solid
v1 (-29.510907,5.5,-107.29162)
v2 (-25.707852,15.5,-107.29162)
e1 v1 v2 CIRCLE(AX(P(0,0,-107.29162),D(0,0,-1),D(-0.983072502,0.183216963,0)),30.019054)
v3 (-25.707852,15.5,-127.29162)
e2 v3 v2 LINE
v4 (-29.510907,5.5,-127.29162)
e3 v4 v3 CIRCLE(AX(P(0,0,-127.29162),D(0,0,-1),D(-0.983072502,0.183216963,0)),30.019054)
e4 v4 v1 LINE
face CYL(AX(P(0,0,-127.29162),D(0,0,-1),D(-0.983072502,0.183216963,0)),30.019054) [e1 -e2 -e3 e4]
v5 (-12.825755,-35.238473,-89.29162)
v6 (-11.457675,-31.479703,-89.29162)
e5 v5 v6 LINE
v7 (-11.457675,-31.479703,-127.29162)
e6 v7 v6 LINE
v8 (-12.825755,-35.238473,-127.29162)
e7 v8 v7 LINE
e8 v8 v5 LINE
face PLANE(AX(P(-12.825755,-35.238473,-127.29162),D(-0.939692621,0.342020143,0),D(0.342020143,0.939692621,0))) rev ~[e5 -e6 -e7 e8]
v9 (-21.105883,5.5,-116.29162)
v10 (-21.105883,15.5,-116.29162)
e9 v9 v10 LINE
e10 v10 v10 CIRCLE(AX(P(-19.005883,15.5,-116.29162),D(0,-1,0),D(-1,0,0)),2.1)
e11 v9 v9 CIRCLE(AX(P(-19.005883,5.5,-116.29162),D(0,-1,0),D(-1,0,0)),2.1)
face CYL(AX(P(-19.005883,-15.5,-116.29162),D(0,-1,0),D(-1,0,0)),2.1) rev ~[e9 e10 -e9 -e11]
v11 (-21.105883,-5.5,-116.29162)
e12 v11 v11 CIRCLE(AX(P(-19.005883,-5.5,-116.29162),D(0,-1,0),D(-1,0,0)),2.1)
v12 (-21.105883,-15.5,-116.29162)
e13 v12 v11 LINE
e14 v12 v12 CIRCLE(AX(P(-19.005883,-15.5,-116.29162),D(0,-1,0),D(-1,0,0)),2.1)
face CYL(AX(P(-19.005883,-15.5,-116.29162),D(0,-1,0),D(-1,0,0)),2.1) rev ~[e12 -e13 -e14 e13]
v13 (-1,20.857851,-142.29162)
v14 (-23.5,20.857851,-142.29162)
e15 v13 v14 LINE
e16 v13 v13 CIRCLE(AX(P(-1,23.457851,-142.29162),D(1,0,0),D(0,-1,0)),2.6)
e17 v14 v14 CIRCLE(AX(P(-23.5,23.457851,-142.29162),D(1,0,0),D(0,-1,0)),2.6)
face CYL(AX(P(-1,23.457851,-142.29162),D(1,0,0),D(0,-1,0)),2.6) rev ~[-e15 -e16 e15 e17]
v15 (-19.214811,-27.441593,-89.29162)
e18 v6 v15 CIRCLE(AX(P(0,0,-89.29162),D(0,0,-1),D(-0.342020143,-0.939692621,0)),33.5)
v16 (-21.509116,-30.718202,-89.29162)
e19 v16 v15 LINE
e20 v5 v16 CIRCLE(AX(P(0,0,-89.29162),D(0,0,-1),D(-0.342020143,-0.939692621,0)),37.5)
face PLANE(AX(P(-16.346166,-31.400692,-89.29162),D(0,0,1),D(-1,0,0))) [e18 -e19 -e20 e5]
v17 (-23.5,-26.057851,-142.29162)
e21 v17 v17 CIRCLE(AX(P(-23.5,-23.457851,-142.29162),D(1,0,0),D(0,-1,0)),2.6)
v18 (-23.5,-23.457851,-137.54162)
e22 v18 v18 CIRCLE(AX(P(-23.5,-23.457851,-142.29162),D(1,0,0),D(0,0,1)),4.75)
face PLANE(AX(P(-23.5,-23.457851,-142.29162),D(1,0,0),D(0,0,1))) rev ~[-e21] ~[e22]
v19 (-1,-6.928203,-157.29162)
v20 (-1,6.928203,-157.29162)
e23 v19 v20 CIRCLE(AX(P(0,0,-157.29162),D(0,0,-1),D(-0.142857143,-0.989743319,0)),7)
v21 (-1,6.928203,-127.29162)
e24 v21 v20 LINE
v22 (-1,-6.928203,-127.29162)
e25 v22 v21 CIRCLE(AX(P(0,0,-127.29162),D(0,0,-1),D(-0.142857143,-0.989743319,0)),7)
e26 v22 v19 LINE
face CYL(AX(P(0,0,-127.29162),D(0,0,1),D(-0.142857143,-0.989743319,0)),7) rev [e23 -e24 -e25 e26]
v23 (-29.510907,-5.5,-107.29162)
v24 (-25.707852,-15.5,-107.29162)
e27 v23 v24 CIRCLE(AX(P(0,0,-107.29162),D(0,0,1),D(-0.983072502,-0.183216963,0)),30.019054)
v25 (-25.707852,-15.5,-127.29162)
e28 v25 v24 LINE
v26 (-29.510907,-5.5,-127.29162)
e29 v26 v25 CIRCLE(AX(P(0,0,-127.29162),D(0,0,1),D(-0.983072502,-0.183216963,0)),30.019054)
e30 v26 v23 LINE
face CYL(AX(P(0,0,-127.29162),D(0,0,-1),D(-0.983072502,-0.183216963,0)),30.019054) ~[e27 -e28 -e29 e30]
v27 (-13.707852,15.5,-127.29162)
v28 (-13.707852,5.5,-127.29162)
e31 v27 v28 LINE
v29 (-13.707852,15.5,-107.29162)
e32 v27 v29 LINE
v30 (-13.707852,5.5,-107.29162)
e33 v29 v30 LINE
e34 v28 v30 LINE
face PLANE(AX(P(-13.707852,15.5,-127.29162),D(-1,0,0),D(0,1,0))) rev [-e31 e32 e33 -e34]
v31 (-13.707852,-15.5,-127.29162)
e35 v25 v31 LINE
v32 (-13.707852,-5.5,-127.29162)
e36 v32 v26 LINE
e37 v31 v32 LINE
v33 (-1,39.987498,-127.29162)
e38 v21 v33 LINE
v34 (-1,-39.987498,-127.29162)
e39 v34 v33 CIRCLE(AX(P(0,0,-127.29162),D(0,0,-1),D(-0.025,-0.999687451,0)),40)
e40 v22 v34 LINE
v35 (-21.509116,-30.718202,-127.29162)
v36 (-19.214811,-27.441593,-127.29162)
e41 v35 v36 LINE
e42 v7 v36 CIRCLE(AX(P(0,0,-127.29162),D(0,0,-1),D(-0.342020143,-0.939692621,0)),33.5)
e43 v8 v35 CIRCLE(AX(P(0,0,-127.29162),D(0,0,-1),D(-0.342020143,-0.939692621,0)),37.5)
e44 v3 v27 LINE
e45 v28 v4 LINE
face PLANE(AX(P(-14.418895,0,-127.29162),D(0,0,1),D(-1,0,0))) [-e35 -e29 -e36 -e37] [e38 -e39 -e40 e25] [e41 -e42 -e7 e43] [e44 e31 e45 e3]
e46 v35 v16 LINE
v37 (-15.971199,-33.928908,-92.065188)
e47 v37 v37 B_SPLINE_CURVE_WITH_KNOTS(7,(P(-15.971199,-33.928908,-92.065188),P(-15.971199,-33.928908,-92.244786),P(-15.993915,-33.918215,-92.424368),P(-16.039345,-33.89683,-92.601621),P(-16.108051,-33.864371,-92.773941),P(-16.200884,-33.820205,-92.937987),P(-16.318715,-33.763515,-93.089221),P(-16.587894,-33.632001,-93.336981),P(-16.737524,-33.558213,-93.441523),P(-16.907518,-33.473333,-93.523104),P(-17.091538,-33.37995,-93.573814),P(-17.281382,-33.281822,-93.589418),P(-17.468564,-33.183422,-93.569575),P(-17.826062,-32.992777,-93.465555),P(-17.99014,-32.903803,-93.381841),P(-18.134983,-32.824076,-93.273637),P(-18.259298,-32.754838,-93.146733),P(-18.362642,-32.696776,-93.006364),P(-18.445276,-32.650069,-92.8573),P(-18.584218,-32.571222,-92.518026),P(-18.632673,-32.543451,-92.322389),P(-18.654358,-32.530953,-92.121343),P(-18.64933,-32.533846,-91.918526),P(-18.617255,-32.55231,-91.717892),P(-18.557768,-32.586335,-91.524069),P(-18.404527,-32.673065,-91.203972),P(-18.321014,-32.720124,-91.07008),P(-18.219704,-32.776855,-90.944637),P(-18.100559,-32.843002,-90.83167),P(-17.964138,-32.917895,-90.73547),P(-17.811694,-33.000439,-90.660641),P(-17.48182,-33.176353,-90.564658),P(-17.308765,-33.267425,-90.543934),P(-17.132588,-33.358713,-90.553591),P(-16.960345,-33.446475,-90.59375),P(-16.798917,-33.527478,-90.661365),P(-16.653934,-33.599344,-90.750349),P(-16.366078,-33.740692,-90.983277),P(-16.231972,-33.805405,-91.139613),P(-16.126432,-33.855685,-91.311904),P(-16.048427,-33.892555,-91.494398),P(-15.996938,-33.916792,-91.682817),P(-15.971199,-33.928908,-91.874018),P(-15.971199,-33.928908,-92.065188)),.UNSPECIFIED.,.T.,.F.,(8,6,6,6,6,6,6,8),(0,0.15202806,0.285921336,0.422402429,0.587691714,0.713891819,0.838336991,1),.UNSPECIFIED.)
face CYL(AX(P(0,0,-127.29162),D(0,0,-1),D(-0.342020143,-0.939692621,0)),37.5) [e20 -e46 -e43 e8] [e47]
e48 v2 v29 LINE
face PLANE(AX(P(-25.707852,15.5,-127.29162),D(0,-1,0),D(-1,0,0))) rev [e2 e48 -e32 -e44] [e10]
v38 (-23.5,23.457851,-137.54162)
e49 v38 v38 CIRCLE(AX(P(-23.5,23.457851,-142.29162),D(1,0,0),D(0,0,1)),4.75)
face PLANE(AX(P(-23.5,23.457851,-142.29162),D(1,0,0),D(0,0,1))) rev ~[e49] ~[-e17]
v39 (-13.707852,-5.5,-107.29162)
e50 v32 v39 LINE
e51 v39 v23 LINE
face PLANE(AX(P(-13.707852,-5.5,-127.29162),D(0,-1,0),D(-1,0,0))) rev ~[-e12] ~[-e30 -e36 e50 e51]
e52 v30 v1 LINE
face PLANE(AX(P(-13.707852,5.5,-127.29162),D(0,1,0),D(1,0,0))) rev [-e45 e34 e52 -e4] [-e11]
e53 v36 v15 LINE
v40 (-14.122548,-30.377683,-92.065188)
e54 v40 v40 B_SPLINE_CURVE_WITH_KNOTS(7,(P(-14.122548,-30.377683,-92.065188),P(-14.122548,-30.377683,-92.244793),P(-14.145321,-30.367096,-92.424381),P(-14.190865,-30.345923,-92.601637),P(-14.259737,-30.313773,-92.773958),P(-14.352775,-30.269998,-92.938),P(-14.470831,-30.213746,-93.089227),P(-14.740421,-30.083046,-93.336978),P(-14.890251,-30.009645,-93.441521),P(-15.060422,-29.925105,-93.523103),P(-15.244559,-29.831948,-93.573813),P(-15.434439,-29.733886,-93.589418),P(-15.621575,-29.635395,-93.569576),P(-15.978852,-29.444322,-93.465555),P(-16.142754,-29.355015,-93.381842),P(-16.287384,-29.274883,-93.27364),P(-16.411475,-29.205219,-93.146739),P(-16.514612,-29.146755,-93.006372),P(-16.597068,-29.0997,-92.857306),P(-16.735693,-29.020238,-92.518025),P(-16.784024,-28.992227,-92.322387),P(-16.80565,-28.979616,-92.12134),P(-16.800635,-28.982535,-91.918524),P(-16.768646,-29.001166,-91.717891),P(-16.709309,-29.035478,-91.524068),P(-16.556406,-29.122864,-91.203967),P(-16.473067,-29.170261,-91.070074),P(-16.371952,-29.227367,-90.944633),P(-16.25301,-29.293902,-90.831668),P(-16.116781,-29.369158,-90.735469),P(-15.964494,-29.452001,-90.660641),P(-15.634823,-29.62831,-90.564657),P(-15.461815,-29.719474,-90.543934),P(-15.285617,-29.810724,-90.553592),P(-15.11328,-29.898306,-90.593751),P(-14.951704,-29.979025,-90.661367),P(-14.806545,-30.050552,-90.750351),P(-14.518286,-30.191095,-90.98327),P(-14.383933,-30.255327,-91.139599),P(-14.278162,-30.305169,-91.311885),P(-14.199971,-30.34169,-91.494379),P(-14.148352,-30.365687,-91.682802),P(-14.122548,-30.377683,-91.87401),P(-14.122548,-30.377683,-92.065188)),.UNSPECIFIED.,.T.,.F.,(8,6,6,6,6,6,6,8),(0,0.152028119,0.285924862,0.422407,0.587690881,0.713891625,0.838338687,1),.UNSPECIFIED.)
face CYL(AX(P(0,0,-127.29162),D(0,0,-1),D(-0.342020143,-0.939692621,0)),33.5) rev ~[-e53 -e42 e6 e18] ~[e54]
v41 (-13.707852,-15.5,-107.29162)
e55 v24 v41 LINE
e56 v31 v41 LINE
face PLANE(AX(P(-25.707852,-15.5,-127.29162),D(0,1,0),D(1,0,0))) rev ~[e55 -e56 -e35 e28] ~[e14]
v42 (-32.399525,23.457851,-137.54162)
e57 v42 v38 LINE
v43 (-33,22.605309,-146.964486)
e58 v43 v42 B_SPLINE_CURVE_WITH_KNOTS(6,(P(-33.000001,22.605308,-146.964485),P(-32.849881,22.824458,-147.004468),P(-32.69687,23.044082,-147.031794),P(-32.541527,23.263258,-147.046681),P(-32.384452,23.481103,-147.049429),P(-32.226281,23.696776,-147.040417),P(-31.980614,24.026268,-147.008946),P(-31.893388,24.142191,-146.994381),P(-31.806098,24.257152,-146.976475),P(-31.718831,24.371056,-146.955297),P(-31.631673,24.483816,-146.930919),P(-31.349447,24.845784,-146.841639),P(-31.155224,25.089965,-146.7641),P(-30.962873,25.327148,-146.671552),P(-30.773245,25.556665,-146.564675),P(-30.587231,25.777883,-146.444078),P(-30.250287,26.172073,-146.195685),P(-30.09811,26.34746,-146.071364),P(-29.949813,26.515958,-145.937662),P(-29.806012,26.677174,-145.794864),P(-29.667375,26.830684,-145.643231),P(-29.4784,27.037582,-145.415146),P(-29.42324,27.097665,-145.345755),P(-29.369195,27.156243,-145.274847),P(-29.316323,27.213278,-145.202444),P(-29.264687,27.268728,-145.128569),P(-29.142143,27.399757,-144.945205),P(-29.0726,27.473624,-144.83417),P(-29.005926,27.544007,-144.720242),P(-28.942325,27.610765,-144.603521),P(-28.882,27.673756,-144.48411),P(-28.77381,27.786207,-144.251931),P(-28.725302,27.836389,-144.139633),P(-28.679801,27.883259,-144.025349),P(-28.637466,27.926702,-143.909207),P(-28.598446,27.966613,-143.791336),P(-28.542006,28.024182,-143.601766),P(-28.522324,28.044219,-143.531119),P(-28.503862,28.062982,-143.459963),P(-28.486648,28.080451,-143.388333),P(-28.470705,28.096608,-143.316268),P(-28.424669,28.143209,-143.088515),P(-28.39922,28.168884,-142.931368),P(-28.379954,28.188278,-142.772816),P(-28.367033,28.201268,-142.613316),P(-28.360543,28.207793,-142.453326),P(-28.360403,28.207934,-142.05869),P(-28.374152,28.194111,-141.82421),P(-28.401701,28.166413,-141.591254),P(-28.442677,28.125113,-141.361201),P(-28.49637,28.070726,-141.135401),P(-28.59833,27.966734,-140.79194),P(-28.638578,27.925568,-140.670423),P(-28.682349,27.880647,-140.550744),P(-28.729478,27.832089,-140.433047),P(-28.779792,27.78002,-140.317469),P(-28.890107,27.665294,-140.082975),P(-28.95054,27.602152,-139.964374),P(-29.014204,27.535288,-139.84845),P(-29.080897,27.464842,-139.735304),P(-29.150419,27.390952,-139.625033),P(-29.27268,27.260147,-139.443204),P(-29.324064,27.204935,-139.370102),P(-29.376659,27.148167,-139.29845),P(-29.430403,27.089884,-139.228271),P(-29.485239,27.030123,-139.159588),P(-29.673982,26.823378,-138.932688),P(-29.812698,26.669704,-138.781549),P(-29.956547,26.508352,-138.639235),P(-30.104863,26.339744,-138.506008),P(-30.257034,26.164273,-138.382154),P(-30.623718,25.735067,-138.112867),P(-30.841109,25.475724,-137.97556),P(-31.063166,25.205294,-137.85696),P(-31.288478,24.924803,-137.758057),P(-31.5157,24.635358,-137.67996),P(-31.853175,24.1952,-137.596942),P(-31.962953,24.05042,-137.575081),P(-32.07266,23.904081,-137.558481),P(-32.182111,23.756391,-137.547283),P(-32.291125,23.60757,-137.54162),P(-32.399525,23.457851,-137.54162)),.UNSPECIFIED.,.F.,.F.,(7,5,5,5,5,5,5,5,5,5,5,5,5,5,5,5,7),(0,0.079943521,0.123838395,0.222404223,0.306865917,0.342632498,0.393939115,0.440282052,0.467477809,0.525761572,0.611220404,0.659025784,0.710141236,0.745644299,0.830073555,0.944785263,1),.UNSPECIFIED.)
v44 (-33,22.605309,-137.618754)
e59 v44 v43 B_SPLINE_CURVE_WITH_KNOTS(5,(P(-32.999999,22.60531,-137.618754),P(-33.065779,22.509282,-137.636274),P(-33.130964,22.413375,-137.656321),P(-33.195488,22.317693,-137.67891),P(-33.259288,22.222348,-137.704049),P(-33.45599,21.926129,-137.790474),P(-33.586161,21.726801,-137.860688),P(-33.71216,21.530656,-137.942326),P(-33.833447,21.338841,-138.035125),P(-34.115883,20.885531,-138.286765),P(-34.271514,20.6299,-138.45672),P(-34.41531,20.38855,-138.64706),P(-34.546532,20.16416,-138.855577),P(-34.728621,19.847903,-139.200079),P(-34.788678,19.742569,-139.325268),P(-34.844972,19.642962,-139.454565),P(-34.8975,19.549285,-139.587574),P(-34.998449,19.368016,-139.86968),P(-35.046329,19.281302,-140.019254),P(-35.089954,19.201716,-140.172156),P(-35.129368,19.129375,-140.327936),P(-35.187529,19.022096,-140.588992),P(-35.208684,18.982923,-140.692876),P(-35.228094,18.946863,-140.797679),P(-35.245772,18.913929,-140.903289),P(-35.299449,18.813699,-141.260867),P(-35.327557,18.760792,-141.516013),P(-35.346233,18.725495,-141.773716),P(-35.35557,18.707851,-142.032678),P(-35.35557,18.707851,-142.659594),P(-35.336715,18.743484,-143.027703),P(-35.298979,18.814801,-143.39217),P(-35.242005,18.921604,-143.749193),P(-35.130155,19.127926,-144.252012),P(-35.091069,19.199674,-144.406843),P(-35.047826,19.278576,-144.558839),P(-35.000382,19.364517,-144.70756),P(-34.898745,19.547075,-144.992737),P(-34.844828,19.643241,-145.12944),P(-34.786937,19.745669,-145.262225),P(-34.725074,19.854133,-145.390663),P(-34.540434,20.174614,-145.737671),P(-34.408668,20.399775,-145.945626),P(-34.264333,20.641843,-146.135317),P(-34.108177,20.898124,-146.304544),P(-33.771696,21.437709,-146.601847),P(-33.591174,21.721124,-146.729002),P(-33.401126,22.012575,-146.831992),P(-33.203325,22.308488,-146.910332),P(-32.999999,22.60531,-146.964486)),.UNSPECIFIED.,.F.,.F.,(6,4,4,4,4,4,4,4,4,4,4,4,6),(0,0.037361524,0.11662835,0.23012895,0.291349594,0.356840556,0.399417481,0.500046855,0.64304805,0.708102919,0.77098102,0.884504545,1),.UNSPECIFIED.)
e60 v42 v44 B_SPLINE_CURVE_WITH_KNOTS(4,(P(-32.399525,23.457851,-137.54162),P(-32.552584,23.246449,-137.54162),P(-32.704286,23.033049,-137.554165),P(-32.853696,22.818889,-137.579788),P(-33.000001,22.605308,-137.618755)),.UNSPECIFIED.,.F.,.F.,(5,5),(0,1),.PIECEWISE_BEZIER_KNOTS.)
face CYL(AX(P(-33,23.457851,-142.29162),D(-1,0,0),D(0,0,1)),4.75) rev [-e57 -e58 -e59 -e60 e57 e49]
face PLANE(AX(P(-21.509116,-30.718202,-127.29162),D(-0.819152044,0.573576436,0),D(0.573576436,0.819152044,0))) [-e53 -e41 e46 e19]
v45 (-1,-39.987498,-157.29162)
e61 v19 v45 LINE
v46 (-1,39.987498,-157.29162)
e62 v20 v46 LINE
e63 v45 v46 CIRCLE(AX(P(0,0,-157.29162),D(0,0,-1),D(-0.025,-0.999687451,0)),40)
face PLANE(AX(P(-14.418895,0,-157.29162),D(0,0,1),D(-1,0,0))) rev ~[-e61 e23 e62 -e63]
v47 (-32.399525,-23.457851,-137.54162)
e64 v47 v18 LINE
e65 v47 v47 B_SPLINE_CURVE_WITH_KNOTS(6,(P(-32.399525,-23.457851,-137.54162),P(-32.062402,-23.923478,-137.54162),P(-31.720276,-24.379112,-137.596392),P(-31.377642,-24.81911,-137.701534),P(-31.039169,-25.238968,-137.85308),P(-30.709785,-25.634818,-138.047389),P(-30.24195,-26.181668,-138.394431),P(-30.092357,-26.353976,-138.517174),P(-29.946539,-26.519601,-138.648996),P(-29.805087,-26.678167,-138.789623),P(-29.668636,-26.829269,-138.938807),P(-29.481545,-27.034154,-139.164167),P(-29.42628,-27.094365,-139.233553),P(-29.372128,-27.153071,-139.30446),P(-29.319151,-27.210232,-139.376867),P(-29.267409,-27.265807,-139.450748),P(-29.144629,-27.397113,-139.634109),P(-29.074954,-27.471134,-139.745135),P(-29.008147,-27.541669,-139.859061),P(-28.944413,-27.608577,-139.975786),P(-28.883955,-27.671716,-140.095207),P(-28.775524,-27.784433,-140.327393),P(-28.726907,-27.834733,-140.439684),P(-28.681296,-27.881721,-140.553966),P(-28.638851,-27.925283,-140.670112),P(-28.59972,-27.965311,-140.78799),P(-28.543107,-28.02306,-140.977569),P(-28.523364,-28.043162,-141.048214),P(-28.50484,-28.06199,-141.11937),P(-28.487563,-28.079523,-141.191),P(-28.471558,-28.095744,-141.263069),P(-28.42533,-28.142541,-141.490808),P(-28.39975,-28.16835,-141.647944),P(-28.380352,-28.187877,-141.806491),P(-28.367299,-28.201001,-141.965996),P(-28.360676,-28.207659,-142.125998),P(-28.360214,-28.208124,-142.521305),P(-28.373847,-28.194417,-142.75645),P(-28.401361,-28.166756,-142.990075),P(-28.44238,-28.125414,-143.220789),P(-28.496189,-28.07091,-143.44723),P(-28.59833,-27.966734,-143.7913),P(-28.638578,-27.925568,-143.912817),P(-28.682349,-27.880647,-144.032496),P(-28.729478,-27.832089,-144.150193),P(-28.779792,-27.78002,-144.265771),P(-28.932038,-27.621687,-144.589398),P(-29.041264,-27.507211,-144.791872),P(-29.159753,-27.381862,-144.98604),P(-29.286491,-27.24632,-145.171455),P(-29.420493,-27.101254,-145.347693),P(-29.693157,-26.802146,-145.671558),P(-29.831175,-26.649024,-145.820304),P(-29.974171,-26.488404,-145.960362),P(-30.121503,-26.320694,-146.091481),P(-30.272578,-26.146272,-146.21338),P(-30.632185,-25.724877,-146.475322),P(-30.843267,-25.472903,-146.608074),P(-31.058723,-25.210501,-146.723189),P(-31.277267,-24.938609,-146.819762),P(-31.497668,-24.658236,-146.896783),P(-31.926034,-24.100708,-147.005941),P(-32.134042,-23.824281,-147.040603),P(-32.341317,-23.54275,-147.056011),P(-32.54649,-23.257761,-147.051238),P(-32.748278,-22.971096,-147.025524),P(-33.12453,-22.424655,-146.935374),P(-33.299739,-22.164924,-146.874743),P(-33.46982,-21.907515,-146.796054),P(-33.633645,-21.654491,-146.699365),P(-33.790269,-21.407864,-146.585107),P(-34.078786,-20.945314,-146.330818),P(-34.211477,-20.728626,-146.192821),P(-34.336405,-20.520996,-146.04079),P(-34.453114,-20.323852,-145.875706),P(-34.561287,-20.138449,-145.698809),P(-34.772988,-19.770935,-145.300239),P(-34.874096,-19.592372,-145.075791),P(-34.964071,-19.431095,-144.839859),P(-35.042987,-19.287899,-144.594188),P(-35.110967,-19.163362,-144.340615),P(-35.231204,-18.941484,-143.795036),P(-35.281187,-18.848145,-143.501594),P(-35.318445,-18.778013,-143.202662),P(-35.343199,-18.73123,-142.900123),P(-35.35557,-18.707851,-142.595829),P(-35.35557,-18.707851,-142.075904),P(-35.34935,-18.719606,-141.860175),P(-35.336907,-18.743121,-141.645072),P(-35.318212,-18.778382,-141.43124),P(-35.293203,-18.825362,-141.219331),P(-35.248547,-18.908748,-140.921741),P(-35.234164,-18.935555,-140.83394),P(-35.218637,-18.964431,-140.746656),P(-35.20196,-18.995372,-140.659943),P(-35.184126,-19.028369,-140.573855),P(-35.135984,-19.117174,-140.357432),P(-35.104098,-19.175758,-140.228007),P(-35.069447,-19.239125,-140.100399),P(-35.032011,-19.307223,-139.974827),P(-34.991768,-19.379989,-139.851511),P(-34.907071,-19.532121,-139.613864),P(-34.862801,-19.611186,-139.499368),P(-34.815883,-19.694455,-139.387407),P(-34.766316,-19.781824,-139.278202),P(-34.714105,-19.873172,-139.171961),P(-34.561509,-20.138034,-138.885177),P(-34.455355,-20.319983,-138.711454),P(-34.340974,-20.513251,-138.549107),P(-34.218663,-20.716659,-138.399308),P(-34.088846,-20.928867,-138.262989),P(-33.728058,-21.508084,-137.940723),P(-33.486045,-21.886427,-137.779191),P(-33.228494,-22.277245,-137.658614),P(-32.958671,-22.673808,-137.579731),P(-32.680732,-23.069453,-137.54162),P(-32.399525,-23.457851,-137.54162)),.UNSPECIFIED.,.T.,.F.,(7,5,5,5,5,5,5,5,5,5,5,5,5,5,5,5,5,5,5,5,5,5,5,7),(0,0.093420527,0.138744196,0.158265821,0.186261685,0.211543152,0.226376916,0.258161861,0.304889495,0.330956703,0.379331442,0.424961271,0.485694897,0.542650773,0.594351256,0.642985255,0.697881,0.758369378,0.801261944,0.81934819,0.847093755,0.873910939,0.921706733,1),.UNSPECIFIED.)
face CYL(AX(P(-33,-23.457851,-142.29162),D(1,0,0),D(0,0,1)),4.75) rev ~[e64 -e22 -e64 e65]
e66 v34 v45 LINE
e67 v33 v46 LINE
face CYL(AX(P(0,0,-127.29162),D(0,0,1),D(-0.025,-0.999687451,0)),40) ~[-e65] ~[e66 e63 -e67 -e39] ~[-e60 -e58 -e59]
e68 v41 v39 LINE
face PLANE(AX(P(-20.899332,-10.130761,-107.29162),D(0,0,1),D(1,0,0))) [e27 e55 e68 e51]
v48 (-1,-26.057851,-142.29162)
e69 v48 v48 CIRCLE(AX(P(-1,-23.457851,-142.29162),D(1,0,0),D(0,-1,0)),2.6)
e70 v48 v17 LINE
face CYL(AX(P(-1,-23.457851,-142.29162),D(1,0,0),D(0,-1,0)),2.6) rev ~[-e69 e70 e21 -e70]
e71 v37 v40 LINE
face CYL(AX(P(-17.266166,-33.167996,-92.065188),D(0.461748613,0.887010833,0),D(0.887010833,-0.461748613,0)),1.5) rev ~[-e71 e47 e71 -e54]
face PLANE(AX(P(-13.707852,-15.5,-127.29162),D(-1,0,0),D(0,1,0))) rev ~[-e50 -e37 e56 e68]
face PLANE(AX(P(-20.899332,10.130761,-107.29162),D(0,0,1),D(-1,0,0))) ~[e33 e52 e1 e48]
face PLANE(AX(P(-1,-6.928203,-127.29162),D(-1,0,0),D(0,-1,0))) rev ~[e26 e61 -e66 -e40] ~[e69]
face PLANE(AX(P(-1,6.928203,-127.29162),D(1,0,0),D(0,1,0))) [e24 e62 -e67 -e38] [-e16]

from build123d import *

# Parameters (mm, degrees)
PAD004_DEPTH    = 30
PAD005_DEPTH    = 20
SKETCH019_R     = 2.1
POCKET007_DEPTH = 55.4884980464
SKETCH020_R     = 2.6
POCKET008_DEPTH = 39.001
SKETCH021_R     = 4.75
POCKET009_DEPTH = 9.5
PAD007_DEPTH    = 38
SKETCH026_R     = 1.5
POCKET012_DEPTH = 4


with BuildPart() as part:
    # Sketch017 (on DatumPlane) → Pad004 (new body)
    with BuildSketch(Plane(origin=(0, 0, -127.29162), x_dir=(1, 0, 0), z_dir=(0, 0, -1))):
        with BuildLine():
            ThreePointArc((-1, 6.9282032303), (-7, 0), (-1, -6.9282032303))
            Line((-1, -6.9282032303), (-1, -39.9874980463))
            ThreePointArc((-1, 39.9874980463), (-40, 0), (-1, -39.9874980463))
            Line((-1, 6.9282032303), (-1, 39.9874980463))
        make_face()
    extrude(amount=PAD004_DEPTH)

    # Sketch018 (on Face5 of Pad004) → Pad005 (join)
    with BuildSketch(Plane.XY.offset(-127.29162)):
        with BuildLine():
            ThreePointArc((-29.5109069739, -5.5), (-28.0584714971, -10.6707922701), (-25.7078515326, -15.5))
            Line((-25.7078515327, -15.5), (-13.7078515327, -15.5))
            Line((-13.7078515327, -15.5), (-13.7078515327, -5.5))
            Line((-13.7078515327, -5.5), (-29.5109069739, -5.5))
        make_face()
    pad005 = extrude(amount=PAD005_DEPTH)

    # Mirrored: Pad005 across Sketch018 H_Axis
    add(pad005.mirror(Plane(origin=(0, 0, -127.29162), x_dir=(0, 0, 1), z_dir=(0, 1, 0))))

    # Sketch019 (on Face10 of Mirrored) → Pocket007 (cut, through all)
    with BuildSketch(Plane(origin=(0, -15.5, -127.29162), x_dir=(-1, 0, 0), z_dir=(0, -1, 0))):
        with Locations((19.005882937, -11)):
            Circle(SKETCH019_R)
    extrude(amount=-POCKET007_DEPTH, mode=Mode.SUBTRACT)

    # Sketch020 (on Face2 of Pocket007) → Pocket008 (cut, through all)
    with BuildSketch(Plane(origin=(-1, 0, -127.29162), x_dir=(0, -1, 0), z_dir=(1, 0, 0))):
        with Locations((-23.4578506383, 15)):
            Circle(SKETCH020_R)
        with Locations((23.4578506383, 15)):
            Circle(SKETCH020_R)
    extrude(amount=-POCKET008_DEPTH, mode=Mode.SUBTRACT)

    # Sketch021 (on DatumPlane) → Pocket009 (cut, symmetric)
    with BuildSketch(Plane(origin=(-33, -23.4578506383, -142.29162), x_dir=(0, 0, 1), z_dir=(1, 0, 0))):
        with Locations((0, -46.9157012765)):
            Circle(SKETCH021_R)
        Circle(SKETCH021_R)
    extrude(amount=POCKET009_DEPTH, both=True, mode=Mode.SUBTRACT)

    # Sketch025 (on DatumPlane) → Pad007 (join)
    with BuildSketch(Plane(origin=(0, 0, -127.29162), x_dir=(1, 0, 0), z_dir=(0, 0, -1))):
        with BuildLine():
            Line((-12.8257553747, 35.2384732795), (-11.4576748014, 31.4797027963))
            ThreePointArc((-11.4576748014, 31.4797027963), (-15.4685785433, 29.7148629115), (-19.2148106176, 27.4415934838))
            Line((-21.509116363, 30.7182016609), (-19.2148106176, 27.4415934838))
            ThreePointArc((-12.8257553747, 35.2384732795), (-17.3155729962, 33.2629062442), (-21.509116363, 30.7182016609))
        make_face()
    extrude(amount=-PAD007_DEPTH)

    # Sketch026 (on DatumPlane) → Pocket012 (cut, symmetric)
    with BuildSketch(Plane(origin=(-17.2661657333, -33.1679957752, -108.29162), x_dir=(0.8870108332, -0.4617486132, 0), z_dir=(0.4617486132, 0.8870108332, 0))):
        with Locations((0, -16.226432)):
            Circle(SKETCH026_R)
    extrude(amount=POCKET012_DEPTH, both=True, mode=Mode.SUBTRACT)


solid = part.part
